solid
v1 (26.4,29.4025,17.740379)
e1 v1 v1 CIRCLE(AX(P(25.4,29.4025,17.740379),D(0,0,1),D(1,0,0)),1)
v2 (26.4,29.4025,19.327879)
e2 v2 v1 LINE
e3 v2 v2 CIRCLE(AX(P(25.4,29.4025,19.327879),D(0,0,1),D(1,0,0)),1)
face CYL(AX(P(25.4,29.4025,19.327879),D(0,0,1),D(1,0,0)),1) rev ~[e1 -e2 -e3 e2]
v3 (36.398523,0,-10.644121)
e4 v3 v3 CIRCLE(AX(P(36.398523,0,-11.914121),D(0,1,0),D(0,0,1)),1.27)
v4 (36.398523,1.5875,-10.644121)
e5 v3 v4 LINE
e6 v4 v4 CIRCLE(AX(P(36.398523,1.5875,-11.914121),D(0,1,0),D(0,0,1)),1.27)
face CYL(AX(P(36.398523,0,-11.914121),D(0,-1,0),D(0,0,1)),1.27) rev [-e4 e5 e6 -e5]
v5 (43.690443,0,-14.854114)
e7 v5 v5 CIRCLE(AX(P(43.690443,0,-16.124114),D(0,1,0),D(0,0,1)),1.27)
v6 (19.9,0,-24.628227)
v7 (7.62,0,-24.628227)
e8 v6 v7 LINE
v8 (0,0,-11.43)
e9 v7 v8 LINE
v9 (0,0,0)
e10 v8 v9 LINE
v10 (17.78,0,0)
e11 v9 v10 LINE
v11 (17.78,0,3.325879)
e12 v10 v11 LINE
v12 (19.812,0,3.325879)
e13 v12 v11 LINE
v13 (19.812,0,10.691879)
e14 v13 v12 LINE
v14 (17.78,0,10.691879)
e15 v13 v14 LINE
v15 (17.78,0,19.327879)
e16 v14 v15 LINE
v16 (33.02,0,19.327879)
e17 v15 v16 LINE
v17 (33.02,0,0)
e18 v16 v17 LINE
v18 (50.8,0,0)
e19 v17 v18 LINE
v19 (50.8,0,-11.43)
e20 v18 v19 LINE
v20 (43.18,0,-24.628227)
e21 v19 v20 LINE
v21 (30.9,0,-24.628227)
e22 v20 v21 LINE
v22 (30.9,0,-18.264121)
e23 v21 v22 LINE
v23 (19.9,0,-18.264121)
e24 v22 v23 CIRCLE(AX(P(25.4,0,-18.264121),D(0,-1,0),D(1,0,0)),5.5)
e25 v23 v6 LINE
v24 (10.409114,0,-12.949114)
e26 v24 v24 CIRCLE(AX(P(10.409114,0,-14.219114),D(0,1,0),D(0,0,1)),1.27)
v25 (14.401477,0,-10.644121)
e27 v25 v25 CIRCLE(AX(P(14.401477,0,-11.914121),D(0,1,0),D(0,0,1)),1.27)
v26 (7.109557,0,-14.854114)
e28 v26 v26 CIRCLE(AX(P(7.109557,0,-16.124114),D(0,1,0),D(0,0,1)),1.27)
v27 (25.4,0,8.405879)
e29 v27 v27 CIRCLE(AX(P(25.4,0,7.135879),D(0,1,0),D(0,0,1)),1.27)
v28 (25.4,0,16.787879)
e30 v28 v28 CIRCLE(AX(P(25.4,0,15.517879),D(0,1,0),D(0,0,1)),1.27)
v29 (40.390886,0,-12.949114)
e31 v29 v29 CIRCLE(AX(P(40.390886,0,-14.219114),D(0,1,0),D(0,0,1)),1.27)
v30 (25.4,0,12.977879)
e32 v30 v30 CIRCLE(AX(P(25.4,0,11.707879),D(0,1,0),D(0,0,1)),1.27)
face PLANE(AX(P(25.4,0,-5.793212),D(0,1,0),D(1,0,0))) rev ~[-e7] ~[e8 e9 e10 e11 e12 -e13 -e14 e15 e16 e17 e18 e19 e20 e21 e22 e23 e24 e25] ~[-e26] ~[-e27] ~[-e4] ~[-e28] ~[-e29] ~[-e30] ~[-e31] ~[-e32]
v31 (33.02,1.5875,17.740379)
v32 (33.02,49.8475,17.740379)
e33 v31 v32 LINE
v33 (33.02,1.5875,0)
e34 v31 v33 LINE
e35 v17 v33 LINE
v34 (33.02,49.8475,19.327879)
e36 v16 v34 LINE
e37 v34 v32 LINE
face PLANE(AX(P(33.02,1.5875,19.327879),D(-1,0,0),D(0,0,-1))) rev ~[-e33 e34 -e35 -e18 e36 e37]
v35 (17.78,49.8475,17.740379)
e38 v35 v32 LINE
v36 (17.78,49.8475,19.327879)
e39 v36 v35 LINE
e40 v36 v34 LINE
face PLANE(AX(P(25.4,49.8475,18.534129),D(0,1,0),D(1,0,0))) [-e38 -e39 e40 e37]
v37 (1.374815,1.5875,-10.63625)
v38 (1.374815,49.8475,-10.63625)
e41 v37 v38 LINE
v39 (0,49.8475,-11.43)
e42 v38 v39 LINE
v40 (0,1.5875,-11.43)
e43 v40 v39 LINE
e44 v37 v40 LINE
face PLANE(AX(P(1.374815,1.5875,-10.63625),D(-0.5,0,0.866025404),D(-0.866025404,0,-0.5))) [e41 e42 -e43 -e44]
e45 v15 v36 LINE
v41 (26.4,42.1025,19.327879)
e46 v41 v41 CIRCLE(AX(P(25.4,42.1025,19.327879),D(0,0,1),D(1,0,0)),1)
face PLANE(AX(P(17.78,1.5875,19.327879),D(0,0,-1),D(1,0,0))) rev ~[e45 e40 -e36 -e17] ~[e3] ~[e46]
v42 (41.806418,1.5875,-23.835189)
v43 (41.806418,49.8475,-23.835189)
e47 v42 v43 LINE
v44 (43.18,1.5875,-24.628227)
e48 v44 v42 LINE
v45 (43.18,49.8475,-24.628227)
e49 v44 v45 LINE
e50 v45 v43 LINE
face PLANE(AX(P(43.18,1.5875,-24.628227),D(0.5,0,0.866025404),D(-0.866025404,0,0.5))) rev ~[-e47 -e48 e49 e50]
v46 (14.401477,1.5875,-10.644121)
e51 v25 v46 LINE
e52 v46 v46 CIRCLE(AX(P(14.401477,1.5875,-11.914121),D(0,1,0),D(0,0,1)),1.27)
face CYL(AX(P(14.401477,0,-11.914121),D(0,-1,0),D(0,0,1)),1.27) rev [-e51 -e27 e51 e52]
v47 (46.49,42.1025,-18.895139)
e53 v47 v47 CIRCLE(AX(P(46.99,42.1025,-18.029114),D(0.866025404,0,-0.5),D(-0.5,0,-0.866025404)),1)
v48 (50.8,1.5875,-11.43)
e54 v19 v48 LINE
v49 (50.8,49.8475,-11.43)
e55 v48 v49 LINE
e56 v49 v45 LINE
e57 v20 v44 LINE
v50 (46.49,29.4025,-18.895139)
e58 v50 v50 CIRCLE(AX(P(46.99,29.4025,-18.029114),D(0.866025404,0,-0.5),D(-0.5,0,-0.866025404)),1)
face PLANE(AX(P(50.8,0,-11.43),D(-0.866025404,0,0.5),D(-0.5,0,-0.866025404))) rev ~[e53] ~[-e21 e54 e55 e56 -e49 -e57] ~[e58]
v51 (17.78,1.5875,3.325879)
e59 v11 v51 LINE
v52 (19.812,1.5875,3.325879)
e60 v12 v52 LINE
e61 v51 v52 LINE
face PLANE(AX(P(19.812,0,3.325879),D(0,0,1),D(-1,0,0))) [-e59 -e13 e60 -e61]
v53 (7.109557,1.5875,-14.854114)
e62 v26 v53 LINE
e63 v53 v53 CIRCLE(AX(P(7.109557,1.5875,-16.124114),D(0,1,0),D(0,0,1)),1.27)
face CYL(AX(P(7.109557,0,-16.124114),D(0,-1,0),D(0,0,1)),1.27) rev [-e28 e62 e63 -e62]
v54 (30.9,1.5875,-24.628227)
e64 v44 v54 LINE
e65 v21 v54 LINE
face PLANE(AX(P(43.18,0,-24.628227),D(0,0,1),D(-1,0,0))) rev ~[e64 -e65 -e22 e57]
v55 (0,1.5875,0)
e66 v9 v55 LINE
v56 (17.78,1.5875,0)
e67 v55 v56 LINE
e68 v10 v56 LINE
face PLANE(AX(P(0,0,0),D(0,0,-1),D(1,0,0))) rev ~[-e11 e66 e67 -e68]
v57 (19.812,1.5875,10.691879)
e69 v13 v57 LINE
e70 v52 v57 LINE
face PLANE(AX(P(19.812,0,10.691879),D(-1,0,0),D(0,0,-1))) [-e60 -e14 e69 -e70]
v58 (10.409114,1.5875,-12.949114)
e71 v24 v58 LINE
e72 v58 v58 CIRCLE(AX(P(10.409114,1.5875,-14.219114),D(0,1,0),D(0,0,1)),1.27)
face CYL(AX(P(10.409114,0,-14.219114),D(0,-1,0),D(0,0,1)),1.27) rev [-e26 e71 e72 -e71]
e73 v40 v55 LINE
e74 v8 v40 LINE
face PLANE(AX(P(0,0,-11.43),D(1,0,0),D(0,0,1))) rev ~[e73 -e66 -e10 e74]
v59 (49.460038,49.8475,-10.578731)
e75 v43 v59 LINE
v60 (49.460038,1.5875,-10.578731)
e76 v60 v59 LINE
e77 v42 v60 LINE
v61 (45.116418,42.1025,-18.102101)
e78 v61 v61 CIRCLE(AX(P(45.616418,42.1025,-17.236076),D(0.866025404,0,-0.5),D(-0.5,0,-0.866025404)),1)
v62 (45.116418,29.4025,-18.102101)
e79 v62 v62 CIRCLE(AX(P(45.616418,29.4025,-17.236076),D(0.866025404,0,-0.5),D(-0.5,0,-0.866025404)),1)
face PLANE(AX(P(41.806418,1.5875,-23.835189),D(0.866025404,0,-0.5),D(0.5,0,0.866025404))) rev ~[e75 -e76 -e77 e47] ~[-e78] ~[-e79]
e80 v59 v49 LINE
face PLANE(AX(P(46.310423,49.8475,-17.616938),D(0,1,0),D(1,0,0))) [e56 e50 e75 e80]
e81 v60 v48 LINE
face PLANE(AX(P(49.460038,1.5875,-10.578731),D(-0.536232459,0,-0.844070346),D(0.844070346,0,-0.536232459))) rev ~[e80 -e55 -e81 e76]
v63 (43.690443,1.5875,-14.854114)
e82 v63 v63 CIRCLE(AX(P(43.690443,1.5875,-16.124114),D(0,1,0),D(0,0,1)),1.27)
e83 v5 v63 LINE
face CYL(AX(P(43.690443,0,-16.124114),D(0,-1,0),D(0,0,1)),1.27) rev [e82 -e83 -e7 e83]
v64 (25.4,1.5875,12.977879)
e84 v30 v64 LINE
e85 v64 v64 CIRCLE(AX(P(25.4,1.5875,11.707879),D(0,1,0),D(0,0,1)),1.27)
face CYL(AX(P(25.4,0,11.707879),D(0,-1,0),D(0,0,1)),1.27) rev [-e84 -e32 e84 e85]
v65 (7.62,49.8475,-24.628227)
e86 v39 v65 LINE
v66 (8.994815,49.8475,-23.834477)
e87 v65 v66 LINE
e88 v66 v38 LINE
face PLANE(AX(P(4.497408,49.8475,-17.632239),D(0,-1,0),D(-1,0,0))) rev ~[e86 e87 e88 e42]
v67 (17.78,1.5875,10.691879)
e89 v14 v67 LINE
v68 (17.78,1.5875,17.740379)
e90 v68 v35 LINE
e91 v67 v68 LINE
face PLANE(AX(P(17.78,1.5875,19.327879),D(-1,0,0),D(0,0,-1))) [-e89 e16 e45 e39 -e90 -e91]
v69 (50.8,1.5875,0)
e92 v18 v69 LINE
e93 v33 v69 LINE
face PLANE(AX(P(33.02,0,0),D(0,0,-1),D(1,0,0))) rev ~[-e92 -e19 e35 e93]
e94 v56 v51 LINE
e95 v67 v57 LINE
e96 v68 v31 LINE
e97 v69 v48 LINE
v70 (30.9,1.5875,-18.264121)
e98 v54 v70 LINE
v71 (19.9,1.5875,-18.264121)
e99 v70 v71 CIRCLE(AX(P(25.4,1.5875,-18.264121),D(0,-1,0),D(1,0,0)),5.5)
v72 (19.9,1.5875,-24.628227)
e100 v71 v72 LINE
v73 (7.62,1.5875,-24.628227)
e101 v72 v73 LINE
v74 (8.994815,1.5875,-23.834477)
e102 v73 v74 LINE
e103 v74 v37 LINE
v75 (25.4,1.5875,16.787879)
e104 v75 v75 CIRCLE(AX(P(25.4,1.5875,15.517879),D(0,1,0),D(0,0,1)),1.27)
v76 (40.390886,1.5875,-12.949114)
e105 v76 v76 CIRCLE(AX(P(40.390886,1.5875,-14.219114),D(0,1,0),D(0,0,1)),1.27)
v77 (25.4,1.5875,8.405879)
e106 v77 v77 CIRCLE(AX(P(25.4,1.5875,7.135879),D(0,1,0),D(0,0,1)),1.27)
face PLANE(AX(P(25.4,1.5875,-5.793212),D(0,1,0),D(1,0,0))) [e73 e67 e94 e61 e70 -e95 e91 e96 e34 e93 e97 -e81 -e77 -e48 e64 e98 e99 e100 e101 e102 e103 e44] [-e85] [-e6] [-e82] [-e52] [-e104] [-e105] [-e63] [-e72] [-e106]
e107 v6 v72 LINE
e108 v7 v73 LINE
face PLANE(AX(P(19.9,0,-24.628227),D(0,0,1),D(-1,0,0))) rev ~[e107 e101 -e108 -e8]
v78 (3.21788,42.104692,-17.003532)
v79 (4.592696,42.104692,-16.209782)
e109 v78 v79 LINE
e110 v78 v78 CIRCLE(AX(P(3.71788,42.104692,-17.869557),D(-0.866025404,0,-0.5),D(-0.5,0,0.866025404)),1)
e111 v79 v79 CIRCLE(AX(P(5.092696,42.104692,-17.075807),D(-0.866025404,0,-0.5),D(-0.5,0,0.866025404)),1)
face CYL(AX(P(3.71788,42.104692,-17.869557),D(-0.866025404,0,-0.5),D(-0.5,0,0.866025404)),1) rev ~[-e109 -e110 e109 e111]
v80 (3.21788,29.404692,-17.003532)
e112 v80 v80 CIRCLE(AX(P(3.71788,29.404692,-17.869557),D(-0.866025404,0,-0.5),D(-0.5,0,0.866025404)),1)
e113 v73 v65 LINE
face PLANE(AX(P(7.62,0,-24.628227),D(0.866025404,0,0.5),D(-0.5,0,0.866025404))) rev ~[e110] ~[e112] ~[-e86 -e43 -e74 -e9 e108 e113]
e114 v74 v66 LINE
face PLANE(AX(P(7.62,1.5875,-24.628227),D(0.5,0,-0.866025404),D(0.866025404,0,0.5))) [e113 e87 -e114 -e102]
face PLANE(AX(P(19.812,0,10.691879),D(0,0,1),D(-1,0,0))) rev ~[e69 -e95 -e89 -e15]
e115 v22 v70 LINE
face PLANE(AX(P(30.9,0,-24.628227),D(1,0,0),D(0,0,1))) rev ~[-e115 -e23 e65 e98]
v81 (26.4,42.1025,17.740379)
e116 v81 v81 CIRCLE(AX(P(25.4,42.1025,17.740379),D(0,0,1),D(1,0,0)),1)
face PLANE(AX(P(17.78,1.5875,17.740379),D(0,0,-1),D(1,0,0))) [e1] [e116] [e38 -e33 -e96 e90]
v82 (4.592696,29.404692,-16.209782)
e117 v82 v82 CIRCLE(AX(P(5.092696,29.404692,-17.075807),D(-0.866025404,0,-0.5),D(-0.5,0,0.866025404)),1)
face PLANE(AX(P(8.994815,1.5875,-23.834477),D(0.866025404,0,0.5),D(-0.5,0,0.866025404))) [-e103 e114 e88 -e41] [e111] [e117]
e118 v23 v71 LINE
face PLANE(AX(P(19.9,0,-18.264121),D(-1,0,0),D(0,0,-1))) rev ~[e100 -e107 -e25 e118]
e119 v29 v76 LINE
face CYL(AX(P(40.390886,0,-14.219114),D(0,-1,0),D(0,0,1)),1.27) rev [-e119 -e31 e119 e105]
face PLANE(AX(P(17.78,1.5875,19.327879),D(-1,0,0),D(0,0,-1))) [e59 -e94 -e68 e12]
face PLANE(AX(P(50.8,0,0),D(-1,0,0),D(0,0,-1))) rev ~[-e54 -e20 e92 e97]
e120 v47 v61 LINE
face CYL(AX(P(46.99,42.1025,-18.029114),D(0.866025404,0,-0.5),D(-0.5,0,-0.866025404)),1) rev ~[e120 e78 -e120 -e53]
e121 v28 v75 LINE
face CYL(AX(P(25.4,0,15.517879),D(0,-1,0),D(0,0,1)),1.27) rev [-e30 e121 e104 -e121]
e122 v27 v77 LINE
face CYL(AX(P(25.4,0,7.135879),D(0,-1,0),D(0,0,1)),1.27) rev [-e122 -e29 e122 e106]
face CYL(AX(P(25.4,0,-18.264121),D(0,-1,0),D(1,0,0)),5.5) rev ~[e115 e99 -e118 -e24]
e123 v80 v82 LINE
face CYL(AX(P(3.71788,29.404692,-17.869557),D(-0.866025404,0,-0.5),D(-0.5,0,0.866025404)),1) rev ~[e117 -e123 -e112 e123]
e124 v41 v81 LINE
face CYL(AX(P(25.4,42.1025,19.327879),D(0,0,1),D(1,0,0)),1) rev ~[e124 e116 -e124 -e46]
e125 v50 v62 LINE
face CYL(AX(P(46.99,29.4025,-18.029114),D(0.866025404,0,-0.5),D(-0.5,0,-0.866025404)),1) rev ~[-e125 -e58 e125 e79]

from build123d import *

# Parameters (mm, degrees)
SKETCH1_R           = 1.27
BOSS_EXTRUDE2_DEPTH = 1.5875
SKETCH2_W           = 15.24
SKETCH2_H           = 1.5875
BOSS_EXTRUDE3_DEPTH = 48.26
SKETCH3_R           = 1
CUT_EXTRUDE1_DEPTH  = 2.54
SKETCH4_R           = 1
CUT_EXTRUDE2_DEPTH  = 2.54
SKETCH5_R           = 1
CUT_EXTRUDE3_DEPTH  = 2.54
SKETCH6_W           = 2.032
SKETCH6_H           = 7.366
CUT_EXTRUDE4_DEPTH  = 2.54


with BuildPart() as part:
    # Sketch1 → Boss-Extrude2 (new body)
    with BuildSketch(Plane(origin=(0, 0, 0), x_dir=(1, 0, 0), z_dir=(0, 1, 0))):
        with BuildLine():
            Line((50.8, 0), (50.8, 11.43))
            Line((50.8, 11.43), (43.18, 24.628227154))
            Line((43.18, 24.628227154), (30.9, 24.628227154))
            Line((30.9, 24.628227154), (30.9, 18.264121265))
            ThreePointArc((30.9, 18.264121265), (25.4, 12.764121265), (19.9, 18.264121265))
            Line((19.9, 18.264121265), (19.9, 24.628227154))
            Line((19.9, 24.628227154), (7.62, 24.628227154))
            Line((7.62, 24.628227154), (0, 11.43))
            Line((0, 11.43), (0, 0))
            Line((0, 0), (17.78, 0))
            Line((17.78, 0), (17.78, -19.327878735))
            Line((17.78, -19.327878735), (33.02, -19.327878735))
            Line((33.02, -19.327878735), (33.02, 0))
            Line((33.02, 0), (50.8, 0))
        make_face()
        with Locations(Location((14.401477372, 11.914121265, 0), (0, 0, 270))):
            Circle(SKETCH1_R, mode=Mode.SUBTRACT)
        with Locations(Location((36.398522628, 11.914121265, 0), (0, 0, 270))):
            Circle(SKETCH1_R, mode=Mode.SUBTRACT)
        with Locations(Location((10.409113577, 14.219113577, 0), (0, 0, 270))):
            Circle(SKETCH1_R, mode=Mode.SUBTRACT)
        with Locations(Location((40.390886423, 14.219113577, 0), (0, 0, 270))):
            Circle(SKETCH1_R, mode=Mode.SUBTRACT)
        with Locations(Location((43.690443212, 16.124113577, 0), (0, 0, 270))):
            Circle(SKETCH1_R, mode=Mode.SUBTRACT)
        with Locations(Location((7.109556788, 16.124113577, 0), (0, 0, 270))):
            Circle(SKETCH1_R, mode=Mode.SUBTRACT)
        with Locations(Location((25.4, -7.135878735, 0), (0, 0, 270))):
            Circle(SKETCH1_R, mode=Mode.SUBTRACT)
        with Locations(Location((25.4, -15.517878735, 0), (0, 0, 270))):
            Circle(SKETCH1_R, mode=Mode.SUBTRACT)
        with Locations(Location((25.4, -11.707878735, 0), (0, 0, 270))):
            Circle(SKETCH1_R, mode=Mode.SUBTRACT)
    extrude(amount=BOSS_EXTRUDE2_DEPTH)

    # Sketch2 → Boss-Extrude3 (add)
    with BuildSketch(Plane(origin=(0, 1.5875, 0), x_dir=(1, 0, 0), z_dir=(0, 1, 0))):
        with Locations((25.4, -18.534128735)):
            Rectangle(SKETCH2_W, SKETCH2_H)
        Polygon((0, 11.43), (7.62, 24.628227154), (8.994815329, 23.834477154), (1.374815329, 10.63625), align=None)
        Polygon((50.8, 11.43), (43.18, 24.628227154), (41.806418442, 23.835189471), (49.460038325, 10.578730971), align=None)
    extrude(amount=BOSS_EXTRUDE3_DEPTH)

    # Sketch3 → Cut-Extrude1 (cut)
    with BuildSketch(Plane.XY.offset(19.327878735)):
        with Locations((25.4, 42.1025)):
            Circle(SKETCH3_R)
        with Locations((25.4, 29.4025)):
            Circle(SKETCH3_R)
    extrude(amount=-CUT_EXTRUDE1_DEPTH, mode=Mode.SUBTRACT)

    # Sketch4 → Cut-Extrude2 (cut)
    with BuildSketch(Plane(origin=(43.049335183, 0, -24.854545256), x_dir=(-0.5000000000000016, 0, -0.8660254037844378), z_dir=(0.8660254037844378, 0, -0.5000000000000016))):
        with Locations((-7.881329635, 42.1025)):
            Circle(SKETCH4_R)
        with Locations((-7.881329635, 29.4025)):
            Circle(SKETCH4_R)
    extrude(amount=-CUT_EXTRUDE2_DEPTH, mode=Mode.SUBTRACT)

    # Sketch5 → Cut-Extrude3 (cut)
    with BuildSketch(Plane(origin=(-4.949335183, 0, -2.8575), x_dir=(-0.5000000000000012, 0, 0.866025403784438), z_dir=(-0.8660254037844379, 0, -0.5000000000000011))):
        with Locations((-17.334430776, 42.104691674)):
            Circle(SKETCH5_R)
        with Locations((-17.334430776, 29.404691674)):
            Circle(SKETCH5_R)
    extrude(amount=-CUT_EXTRUDE3_DEPTH, mode=Mode.SUBTRACT)

    # Sketch6 → Cut-Extrude4 (cut)
    with BuildSketch(Plane(origin=(0, 0, 0), x_dir=(-1, 0, 0), z_dir=(0, -1, 0))):
        with Locations((-18.796, -7.008878735)):
            Rectangle(SKETCH6_W, SKETCH6_H)
    extrude(amount=-CUT_EXTRUDE4_DEPTH, mode=Mode.SUBTRACT)


solid = part.part
